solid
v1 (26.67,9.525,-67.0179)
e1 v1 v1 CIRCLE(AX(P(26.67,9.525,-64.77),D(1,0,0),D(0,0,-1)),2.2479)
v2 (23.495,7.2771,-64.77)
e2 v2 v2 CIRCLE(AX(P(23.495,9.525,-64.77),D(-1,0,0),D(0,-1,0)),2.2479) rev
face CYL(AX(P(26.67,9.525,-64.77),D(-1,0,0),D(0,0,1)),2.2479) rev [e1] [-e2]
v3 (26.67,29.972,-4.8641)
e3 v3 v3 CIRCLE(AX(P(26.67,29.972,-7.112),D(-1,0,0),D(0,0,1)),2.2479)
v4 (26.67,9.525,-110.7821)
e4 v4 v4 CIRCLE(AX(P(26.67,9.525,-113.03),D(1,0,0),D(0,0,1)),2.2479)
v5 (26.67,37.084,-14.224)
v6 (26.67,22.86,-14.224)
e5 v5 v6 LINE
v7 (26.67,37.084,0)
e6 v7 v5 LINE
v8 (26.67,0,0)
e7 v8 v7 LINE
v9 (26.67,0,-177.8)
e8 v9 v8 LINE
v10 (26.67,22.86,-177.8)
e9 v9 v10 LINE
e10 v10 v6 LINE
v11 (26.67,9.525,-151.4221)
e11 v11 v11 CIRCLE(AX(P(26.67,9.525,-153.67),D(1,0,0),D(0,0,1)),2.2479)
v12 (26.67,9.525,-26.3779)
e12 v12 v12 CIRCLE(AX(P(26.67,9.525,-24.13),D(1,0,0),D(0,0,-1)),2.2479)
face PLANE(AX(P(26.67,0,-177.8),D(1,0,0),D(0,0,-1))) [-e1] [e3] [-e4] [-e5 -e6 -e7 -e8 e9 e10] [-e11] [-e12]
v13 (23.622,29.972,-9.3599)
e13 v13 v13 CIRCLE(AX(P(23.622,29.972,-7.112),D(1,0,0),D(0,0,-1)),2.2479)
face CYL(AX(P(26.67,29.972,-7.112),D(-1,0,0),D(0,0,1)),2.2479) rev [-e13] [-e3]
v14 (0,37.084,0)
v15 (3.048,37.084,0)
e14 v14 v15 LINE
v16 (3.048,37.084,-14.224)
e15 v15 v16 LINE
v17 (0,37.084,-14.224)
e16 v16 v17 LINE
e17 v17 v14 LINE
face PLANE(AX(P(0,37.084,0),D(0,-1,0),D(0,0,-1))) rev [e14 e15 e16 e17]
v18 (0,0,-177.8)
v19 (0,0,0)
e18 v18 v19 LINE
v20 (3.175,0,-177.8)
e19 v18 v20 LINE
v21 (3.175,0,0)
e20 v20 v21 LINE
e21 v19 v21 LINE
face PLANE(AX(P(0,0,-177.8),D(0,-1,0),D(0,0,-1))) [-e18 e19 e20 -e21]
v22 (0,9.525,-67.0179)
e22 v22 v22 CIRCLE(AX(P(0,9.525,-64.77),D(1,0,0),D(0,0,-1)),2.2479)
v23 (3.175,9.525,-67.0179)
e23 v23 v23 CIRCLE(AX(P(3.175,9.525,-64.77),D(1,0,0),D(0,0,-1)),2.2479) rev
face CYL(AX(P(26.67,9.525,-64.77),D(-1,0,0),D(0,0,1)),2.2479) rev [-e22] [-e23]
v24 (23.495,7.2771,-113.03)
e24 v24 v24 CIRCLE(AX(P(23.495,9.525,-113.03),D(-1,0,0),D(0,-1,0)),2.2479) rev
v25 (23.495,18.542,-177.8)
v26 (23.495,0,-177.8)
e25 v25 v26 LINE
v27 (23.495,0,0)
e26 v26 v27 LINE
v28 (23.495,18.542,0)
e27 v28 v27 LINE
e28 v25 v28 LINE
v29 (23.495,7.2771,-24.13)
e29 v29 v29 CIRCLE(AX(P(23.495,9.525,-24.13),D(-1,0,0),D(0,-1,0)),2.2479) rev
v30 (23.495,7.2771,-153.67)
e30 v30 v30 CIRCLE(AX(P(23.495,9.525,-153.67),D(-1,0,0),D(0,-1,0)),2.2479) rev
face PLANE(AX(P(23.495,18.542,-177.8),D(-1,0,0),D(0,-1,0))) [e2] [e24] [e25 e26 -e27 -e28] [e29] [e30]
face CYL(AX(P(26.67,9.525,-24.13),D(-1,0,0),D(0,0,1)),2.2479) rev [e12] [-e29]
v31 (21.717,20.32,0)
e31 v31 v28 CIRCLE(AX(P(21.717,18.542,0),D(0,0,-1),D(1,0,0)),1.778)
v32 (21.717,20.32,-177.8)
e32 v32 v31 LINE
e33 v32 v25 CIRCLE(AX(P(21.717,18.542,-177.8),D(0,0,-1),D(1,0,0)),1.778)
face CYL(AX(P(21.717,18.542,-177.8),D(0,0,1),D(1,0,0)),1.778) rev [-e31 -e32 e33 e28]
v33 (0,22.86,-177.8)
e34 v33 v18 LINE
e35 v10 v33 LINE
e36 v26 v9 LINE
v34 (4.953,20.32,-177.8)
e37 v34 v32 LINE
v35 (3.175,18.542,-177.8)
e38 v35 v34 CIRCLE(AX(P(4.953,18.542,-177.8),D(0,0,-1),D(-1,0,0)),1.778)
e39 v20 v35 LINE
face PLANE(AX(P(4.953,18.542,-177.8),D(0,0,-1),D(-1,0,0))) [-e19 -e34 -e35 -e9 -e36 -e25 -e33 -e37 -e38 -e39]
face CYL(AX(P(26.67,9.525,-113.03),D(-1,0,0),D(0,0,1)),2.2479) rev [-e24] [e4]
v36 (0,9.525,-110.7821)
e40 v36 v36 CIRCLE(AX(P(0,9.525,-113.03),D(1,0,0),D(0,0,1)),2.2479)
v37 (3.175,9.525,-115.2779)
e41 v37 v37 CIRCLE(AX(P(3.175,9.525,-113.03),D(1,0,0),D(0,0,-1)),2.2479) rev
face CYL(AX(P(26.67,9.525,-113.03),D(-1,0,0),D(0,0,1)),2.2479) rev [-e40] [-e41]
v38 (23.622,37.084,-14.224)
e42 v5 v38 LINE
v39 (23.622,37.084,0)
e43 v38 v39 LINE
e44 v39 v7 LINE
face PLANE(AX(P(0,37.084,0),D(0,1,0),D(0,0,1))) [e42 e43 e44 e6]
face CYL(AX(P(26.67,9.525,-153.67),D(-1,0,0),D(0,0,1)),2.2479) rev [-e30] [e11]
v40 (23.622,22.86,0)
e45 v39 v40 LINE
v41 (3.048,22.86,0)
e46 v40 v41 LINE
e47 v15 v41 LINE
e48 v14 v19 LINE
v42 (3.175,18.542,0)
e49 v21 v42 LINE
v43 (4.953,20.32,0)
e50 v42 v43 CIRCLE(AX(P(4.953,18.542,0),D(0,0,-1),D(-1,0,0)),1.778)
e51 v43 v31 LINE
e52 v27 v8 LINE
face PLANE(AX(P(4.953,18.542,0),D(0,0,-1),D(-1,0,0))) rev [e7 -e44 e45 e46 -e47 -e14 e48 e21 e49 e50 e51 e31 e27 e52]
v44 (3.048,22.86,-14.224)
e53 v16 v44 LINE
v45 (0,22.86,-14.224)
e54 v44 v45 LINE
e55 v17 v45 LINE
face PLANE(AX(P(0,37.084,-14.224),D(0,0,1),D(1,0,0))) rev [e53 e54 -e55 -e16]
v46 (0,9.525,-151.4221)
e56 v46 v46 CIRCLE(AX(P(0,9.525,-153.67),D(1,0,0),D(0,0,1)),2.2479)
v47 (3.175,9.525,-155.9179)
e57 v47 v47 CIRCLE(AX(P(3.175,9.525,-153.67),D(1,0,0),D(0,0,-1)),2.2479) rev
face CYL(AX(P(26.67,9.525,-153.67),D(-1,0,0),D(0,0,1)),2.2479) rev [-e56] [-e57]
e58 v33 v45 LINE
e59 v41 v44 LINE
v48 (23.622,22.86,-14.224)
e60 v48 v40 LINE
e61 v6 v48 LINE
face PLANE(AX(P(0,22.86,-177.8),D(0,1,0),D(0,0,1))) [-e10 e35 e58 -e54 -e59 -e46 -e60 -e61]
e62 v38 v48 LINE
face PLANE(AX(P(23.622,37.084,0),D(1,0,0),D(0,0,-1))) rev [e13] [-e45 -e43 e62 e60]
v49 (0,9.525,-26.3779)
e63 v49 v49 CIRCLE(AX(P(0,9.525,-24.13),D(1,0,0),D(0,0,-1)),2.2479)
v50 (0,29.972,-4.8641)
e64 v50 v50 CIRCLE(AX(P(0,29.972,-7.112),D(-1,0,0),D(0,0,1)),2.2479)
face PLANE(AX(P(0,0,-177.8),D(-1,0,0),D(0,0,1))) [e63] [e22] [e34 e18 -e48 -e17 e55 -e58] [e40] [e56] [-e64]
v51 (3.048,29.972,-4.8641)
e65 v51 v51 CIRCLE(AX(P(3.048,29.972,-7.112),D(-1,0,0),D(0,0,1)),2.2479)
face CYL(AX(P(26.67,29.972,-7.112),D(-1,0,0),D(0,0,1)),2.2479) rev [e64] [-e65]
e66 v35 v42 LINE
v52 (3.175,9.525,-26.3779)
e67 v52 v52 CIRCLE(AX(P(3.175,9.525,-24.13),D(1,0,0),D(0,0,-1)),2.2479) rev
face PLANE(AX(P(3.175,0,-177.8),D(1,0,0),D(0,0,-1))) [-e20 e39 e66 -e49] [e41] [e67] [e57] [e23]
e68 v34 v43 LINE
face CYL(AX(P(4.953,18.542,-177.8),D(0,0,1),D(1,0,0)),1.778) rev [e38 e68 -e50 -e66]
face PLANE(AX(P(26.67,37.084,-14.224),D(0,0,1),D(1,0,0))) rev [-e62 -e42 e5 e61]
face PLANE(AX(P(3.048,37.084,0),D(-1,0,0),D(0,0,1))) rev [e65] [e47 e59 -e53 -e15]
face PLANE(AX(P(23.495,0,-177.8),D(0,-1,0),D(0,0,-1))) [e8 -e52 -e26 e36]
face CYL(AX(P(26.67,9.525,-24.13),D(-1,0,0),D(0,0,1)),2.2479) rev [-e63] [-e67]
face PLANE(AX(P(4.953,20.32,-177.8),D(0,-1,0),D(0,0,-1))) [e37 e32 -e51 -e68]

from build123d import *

# Parameters (mm, degrees)
BOSS_EXTRUDE2_DEPTH     = 177.8
SKETCH19_R              = 2.2479
CUT_EXTRUDE3_DEPTH      = 27.67
SKETCH21_W              = 3.048
SKETCH21_H              = 14.224
BOSS_EXTRUDE4_DEPTH     = 14.224
SKETCH22_R              = 2.2479
CUT_EXTRUDE4_DEPTH      = 24.622
CUT_EXTRUDE4_DEPTH_BACK = 4.048


with BuildPart() as part:
    # Sketch2 → Boss-Extrude2 (new body)
    with BuildSketch(Plane.XY):
        with BuildLine():
            Line((0, 0), (0, 22.86))
            Line((0, 22.86), (26.67, 22.86))
            Line((26.67, 22.86), (26.67, 0))
            Line((26.67, 0), (23.495, 0))
            Line((23.495, 0), (23.495, 18.542))
            ThreePointArc((23.495, 18.542), (22.974235857, 19.799235857), (21.717, 20.32))
            Line((21.717, 20.32), (4.953, 20.32))
            ThreePointArc((4.953, 20.32), (3.695764143, 19.799235857), (3.175, 18.542))
            Line((3.175, 18.542), (3.175, 0))
            Line((3.175, 0), (0, 0))
        make_face()
    extrude(amount=-BOSS_EXTRUDE2_DEPTH)

    # Sketch19 → Cut-Extrude3 (cut, through all)
    with BuildSketch(Plane(origin=(0, 0, 0), x_dir=(0, 0, -1), z_dir=(1, 0, 0))):
        with Locations((24.13, 9.525)):
            Circle(SKETCH19_R)
        with Locations((64.77, 9.525)):
            Circle(SKETCH19_R)
        with Locations((113.03, 9.525)):
            Circle(SKETCH19_R)
        with Locations((153.67, 9.525)):
            Circle(SKETCH19_R)
    extrude(amount=CUT_EXTRUDE3_DEPTH, mode=Mode.SUBTRACT)

    # Sketch21 → Boss-Extrude4 (add)
    with BuildSketch(Plane(origin=(0, 22.86, 0), x_dir=(1, 0, 0), z_dir=(0, 1, 0))):
        with Locations((1.524, 7.112)):
            Rectangle(SKETCH21_W, SKETCH21_H)
        with Locations((25.146, 7.112)):
            Rectangle(SKETCH21_W, SKETCH21_H)
    extrude(amount=BOSS_EXTRUDE4_DEPTH)

    # Sketch22 → Cut-Extrude4 (cut, two sides)
    with BuildSketch(Plane.ZY.offset(-23.622)) as cut_extrude4_sk:
        with Locations((-7.112, 29.972)):
            Circle(SKETCH22_R)
    extrude(amount=CUT_EXTRUDE4_DEPTH, mode=Mode.SUBTRACT)
    extrude(cut_extrude4_sk.sketch, amount=-CUT_EXTRUDE4_DEPTH_BACK, mode=Mode.SUBTRACT)


solid = part.part
